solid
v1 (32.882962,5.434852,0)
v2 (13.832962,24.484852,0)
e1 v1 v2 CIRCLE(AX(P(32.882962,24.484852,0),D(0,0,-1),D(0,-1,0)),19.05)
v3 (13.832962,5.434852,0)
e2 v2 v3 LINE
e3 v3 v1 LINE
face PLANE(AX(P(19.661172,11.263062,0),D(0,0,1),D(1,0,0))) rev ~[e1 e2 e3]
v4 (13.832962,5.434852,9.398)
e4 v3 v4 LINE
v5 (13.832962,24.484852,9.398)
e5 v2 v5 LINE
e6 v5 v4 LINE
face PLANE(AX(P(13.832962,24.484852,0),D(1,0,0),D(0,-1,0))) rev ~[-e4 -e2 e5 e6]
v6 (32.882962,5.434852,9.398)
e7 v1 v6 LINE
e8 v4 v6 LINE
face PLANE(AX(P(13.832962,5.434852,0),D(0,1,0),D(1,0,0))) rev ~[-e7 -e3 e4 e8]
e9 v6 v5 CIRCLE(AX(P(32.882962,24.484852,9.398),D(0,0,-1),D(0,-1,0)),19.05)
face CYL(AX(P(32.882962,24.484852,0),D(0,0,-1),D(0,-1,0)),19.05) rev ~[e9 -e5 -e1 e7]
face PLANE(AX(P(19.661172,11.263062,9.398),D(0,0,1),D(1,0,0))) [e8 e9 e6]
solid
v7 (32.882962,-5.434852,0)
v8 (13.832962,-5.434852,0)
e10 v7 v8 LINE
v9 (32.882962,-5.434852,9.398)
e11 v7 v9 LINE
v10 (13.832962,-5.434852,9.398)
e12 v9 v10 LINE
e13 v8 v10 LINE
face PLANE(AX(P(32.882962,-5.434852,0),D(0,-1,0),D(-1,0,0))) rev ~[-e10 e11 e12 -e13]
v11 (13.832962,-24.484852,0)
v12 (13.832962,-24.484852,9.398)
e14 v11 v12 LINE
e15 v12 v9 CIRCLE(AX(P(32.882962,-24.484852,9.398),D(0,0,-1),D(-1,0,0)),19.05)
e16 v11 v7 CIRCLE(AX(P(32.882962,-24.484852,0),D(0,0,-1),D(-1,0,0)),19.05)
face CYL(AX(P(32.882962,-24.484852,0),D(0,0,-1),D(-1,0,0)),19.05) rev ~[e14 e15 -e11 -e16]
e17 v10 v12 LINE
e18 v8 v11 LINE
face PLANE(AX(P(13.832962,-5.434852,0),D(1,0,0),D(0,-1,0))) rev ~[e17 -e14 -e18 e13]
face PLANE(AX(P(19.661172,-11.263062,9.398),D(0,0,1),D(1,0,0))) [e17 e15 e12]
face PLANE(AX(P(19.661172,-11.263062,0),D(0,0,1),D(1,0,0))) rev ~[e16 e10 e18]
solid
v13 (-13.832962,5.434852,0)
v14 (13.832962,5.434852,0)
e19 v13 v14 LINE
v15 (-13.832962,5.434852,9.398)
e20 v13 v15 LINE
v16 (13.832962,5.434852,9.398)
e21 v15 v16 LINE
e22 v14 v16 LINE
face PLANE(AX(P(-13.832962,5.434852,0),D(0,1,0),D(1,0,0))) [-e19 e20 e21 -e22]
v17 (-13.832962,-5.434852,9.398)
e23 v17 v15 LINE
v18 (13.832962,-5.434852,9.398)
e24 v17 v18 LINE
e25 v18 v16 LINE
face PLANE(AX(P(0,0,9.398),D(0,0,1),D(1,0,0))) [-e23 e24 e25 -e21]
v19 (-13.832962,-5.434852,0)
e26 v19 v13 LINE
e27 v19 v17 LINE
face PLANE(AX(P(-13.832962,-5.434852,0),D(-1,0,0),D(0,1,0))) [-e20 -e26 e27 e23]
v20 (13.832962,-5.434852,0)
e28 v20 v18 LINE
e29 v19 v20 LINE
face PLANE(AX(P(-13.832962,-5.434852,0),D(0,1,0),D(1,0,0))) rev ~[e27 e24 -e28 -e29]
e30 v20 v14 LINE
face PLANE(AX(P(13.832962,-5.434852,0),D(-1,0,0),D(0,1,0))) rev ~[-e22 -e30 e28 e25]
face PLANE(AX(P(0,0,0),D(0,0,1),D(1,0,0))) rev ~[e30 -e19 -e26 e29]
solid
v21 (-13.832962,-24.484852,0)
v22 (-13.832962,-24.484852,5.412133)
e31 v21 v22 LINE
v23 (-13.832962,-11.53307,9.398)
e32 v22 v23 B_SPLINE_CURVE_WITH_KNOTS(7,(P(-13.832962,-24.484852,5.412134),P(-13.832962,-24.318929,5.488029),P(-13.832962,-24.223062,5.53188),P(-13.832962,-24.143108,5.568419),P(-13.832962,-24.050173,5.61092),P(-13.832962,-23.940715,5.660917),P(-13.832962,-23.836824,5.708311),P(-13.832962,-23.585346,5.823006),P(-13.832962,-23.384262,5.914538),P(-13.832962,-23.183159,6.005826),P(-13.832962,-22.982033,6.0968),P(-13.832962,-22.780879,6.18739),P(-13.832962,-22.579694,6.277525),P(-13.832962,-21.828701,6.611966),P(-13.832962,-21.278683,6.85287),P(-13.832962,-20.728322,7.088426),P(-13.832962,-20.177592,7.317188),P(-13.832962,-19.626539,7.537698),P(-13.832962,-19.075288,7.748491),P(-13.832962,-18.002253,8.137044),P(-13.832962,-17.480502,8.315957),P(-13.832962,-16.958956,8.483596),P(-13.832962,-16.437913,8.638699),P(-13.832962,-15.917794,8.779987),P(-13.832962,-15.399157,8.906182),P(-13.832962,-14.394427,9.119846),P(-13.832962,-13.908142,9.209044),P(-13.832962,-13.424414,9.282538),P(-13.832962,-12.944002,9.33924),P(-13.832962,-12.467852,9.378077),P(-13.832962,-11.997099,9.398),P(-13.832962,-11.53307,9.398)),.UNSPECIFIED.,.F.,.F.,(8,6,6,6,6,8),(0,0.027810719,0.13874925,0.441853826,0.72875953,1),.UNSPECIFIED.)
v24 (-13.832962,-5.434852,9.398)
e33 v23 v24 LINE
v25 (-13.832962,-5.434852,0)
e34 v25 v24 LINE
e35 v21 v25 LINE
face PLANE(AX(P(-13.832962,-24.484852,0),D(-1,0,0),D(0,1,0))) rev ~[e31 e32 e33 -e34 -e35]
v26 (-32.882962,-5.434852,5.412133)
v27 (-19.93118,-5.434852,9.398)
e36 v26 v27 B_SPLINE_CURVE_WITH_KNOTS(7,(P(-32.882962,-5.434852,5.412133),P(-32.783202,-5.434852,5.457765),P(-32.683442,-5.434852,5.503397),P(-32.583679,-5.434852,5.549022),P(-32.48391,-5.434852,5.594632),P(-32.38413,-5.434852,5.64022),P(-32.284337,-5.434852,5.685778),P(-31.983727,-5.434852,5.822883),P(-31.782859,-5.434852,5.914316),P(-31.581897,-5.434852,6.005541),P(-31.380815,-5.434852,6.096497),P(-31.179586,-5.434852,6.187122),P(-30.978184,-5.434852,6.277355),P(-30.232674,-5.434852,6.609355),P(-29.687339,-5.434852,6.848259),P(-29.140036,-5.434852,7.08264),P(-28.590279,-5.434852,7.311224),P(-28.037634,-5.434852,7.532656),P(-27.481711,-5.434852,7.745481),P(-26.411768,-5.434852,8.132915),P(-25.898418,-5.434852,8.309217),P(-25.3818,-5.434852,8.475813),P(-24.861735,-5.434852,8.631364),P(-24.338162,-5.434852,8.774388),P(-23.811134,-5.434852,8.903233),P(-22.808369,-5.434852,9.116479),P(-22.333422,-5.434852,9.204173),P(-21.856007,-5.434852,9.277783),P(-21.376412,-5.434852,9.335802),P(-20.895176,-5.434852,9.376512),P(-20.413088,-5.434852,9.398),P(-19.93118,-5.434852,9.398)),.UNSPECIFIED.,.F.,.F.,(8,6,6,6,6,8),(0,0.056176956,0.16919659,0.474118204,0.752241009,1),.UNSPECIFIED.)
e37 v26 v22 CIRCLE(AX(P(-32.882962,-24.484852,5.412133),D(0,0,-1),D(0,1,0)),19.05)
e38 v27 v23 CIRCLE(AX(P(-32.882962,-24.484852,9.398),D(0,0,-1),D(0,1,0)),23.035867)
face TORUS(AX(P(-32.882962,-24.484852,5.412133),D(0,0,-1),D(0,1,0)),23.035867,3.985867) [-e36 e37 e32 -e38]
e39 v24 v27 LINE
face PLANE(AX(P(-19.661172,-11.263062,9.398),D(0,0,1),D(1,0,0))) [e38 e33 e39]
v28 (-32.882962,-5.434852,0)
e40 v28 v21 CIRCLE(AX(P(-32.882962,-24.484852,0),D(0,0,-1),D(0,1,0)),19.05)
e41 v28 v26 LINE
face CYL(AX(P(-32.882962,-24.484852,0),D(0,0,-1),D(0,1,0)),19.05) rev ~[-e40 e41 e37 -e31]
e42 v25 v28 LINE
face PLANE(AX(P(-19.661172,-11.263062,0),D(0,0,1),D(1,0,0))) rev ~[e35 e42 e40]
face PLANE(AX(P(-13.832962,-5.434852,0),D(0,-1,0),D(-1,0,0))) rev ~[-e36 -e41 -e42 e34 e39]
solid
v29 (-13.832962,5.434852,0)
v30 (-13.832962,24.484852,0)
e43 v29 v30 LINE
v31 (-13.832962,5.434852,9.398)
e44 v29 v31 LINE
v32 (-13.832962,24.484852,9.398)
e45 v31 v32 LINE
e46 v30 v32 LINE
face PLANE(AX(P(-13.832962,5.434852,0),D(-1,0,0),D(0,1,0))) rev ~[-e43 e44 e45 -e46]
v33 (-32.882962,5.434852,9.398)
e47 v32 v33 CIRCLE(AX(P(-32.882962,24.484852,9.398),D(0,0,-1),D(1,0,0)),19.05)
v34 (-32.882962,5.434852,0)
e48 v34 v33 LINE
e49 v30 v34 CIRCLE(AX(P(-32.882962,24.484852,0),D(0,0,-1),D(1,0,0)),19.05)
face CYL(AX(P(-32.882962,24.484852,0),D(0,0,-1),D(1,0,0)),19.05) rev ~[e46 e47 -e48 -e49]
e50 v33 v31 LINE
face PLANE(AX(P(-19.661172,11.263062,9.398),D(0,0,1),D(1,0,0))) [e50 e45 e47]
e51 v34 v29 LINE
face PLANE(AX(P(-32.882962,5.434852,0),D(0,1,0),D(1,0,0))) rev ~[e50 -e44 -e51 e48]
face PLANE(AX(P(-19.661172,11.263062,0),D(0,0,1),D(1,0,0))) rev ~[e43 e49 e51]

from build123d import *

# Parameters (mm, degrees)
F1_DEPTH = 9.398
F0_W     = 27.665923667
F0_H     = 10.869703573
F2_R     = 3.9858665915


with BuildPart() as f1:
    # F0 (on Top) → F1 (new body)
    with BuildSketch(Plane.XY):
        with BuildLine():
            Line((-32.8829618335, 5.4348517865), (-13.8329618335, 5.4348517865))
            Line((-13.8329618335, 5.4348517865), (-13.8329618335, 24.4848517865))
            ThreePointArc((-13.8329618335, 24.4848517865), (-19.4125776519, 11.0144676049), (-32.8829618335, 5.4348517865))
        make_face()
    extrude(amount=F1_DEPTH)


with BuildPart() as f1b:
    # F0 (on Top) → F1, piece 2 (new body)
    with BuildSketch(Plane.XY):
        with BuildLine():
            ThreePointArc((32.8829618335, 5.4348517865), (19.4125776519, 11.0144676049), (13.8329618335, 24.4848517865))
            Line((13.8329618335, 24.4848517865), (13.8329618335, 5.4348517865))
            Line((13.8329618335, 5.4348517865), (32.8829618335, 5.4348517865))
        make_face()
    extrude(amount=F1_DEPTH)


with BuildPart() as f1c:
    # F0 (on Top) → F1, piece 3 (new body)
    with BuildSketch(Plane.XY):
        with BuildLine():
            Line((32.8829618335, -5.4348517865), (13.8329618335, -5.4348517865))
            Line((13.8329618335, -5.4348517865), (13.8329618335, -24.4848517865))
            ThreePointArc((13.8329618335, -24.4848517865), (19.4125776519, -11.0144676049), (32.8829618335, -5.4348517865))
        make_face()
    extrude(amount=F1_DEPTH)


with BuildPart() as f1d:
    # F0 (on Top) → F1, piece 4 (new body)
    with BuildSketch(Plane.XY):
        with BuildLine():
            Line((-13.8329618335, -24.4848517865), (-13.8329618335, -5.4348517865))
            Line((-13.8329618335, -5.4348517865), (-32.8829618335, -5.4348517865))
            ThreePointArc((-32.8829618335, -5.4348517865), (-19.4125776519, -11.0144676049), (-13.8329618335, -24.4848517865))
        make_face()
    extrude(amount=F1_DEPTH)

    # F2
    f2_edges = [f1d.edges().sort_by_distance(p)[0] for p in [
        (-19.412578, -11.014468, 9.398),
    ]]
    fillet(f2_edges, radius=F2_R)


with BuildPart() as f1e:
    # F0 (on Top) → F1, piece 5 (new body)
    with BuildSketch(Plane.XY):
        Rectangle(F0_W, F0_H)
    extrude(amount=F1_DEPTH)


solid = Compound([f1.part, f1b.part, f1c.part, f1d.part, f1e.part])
